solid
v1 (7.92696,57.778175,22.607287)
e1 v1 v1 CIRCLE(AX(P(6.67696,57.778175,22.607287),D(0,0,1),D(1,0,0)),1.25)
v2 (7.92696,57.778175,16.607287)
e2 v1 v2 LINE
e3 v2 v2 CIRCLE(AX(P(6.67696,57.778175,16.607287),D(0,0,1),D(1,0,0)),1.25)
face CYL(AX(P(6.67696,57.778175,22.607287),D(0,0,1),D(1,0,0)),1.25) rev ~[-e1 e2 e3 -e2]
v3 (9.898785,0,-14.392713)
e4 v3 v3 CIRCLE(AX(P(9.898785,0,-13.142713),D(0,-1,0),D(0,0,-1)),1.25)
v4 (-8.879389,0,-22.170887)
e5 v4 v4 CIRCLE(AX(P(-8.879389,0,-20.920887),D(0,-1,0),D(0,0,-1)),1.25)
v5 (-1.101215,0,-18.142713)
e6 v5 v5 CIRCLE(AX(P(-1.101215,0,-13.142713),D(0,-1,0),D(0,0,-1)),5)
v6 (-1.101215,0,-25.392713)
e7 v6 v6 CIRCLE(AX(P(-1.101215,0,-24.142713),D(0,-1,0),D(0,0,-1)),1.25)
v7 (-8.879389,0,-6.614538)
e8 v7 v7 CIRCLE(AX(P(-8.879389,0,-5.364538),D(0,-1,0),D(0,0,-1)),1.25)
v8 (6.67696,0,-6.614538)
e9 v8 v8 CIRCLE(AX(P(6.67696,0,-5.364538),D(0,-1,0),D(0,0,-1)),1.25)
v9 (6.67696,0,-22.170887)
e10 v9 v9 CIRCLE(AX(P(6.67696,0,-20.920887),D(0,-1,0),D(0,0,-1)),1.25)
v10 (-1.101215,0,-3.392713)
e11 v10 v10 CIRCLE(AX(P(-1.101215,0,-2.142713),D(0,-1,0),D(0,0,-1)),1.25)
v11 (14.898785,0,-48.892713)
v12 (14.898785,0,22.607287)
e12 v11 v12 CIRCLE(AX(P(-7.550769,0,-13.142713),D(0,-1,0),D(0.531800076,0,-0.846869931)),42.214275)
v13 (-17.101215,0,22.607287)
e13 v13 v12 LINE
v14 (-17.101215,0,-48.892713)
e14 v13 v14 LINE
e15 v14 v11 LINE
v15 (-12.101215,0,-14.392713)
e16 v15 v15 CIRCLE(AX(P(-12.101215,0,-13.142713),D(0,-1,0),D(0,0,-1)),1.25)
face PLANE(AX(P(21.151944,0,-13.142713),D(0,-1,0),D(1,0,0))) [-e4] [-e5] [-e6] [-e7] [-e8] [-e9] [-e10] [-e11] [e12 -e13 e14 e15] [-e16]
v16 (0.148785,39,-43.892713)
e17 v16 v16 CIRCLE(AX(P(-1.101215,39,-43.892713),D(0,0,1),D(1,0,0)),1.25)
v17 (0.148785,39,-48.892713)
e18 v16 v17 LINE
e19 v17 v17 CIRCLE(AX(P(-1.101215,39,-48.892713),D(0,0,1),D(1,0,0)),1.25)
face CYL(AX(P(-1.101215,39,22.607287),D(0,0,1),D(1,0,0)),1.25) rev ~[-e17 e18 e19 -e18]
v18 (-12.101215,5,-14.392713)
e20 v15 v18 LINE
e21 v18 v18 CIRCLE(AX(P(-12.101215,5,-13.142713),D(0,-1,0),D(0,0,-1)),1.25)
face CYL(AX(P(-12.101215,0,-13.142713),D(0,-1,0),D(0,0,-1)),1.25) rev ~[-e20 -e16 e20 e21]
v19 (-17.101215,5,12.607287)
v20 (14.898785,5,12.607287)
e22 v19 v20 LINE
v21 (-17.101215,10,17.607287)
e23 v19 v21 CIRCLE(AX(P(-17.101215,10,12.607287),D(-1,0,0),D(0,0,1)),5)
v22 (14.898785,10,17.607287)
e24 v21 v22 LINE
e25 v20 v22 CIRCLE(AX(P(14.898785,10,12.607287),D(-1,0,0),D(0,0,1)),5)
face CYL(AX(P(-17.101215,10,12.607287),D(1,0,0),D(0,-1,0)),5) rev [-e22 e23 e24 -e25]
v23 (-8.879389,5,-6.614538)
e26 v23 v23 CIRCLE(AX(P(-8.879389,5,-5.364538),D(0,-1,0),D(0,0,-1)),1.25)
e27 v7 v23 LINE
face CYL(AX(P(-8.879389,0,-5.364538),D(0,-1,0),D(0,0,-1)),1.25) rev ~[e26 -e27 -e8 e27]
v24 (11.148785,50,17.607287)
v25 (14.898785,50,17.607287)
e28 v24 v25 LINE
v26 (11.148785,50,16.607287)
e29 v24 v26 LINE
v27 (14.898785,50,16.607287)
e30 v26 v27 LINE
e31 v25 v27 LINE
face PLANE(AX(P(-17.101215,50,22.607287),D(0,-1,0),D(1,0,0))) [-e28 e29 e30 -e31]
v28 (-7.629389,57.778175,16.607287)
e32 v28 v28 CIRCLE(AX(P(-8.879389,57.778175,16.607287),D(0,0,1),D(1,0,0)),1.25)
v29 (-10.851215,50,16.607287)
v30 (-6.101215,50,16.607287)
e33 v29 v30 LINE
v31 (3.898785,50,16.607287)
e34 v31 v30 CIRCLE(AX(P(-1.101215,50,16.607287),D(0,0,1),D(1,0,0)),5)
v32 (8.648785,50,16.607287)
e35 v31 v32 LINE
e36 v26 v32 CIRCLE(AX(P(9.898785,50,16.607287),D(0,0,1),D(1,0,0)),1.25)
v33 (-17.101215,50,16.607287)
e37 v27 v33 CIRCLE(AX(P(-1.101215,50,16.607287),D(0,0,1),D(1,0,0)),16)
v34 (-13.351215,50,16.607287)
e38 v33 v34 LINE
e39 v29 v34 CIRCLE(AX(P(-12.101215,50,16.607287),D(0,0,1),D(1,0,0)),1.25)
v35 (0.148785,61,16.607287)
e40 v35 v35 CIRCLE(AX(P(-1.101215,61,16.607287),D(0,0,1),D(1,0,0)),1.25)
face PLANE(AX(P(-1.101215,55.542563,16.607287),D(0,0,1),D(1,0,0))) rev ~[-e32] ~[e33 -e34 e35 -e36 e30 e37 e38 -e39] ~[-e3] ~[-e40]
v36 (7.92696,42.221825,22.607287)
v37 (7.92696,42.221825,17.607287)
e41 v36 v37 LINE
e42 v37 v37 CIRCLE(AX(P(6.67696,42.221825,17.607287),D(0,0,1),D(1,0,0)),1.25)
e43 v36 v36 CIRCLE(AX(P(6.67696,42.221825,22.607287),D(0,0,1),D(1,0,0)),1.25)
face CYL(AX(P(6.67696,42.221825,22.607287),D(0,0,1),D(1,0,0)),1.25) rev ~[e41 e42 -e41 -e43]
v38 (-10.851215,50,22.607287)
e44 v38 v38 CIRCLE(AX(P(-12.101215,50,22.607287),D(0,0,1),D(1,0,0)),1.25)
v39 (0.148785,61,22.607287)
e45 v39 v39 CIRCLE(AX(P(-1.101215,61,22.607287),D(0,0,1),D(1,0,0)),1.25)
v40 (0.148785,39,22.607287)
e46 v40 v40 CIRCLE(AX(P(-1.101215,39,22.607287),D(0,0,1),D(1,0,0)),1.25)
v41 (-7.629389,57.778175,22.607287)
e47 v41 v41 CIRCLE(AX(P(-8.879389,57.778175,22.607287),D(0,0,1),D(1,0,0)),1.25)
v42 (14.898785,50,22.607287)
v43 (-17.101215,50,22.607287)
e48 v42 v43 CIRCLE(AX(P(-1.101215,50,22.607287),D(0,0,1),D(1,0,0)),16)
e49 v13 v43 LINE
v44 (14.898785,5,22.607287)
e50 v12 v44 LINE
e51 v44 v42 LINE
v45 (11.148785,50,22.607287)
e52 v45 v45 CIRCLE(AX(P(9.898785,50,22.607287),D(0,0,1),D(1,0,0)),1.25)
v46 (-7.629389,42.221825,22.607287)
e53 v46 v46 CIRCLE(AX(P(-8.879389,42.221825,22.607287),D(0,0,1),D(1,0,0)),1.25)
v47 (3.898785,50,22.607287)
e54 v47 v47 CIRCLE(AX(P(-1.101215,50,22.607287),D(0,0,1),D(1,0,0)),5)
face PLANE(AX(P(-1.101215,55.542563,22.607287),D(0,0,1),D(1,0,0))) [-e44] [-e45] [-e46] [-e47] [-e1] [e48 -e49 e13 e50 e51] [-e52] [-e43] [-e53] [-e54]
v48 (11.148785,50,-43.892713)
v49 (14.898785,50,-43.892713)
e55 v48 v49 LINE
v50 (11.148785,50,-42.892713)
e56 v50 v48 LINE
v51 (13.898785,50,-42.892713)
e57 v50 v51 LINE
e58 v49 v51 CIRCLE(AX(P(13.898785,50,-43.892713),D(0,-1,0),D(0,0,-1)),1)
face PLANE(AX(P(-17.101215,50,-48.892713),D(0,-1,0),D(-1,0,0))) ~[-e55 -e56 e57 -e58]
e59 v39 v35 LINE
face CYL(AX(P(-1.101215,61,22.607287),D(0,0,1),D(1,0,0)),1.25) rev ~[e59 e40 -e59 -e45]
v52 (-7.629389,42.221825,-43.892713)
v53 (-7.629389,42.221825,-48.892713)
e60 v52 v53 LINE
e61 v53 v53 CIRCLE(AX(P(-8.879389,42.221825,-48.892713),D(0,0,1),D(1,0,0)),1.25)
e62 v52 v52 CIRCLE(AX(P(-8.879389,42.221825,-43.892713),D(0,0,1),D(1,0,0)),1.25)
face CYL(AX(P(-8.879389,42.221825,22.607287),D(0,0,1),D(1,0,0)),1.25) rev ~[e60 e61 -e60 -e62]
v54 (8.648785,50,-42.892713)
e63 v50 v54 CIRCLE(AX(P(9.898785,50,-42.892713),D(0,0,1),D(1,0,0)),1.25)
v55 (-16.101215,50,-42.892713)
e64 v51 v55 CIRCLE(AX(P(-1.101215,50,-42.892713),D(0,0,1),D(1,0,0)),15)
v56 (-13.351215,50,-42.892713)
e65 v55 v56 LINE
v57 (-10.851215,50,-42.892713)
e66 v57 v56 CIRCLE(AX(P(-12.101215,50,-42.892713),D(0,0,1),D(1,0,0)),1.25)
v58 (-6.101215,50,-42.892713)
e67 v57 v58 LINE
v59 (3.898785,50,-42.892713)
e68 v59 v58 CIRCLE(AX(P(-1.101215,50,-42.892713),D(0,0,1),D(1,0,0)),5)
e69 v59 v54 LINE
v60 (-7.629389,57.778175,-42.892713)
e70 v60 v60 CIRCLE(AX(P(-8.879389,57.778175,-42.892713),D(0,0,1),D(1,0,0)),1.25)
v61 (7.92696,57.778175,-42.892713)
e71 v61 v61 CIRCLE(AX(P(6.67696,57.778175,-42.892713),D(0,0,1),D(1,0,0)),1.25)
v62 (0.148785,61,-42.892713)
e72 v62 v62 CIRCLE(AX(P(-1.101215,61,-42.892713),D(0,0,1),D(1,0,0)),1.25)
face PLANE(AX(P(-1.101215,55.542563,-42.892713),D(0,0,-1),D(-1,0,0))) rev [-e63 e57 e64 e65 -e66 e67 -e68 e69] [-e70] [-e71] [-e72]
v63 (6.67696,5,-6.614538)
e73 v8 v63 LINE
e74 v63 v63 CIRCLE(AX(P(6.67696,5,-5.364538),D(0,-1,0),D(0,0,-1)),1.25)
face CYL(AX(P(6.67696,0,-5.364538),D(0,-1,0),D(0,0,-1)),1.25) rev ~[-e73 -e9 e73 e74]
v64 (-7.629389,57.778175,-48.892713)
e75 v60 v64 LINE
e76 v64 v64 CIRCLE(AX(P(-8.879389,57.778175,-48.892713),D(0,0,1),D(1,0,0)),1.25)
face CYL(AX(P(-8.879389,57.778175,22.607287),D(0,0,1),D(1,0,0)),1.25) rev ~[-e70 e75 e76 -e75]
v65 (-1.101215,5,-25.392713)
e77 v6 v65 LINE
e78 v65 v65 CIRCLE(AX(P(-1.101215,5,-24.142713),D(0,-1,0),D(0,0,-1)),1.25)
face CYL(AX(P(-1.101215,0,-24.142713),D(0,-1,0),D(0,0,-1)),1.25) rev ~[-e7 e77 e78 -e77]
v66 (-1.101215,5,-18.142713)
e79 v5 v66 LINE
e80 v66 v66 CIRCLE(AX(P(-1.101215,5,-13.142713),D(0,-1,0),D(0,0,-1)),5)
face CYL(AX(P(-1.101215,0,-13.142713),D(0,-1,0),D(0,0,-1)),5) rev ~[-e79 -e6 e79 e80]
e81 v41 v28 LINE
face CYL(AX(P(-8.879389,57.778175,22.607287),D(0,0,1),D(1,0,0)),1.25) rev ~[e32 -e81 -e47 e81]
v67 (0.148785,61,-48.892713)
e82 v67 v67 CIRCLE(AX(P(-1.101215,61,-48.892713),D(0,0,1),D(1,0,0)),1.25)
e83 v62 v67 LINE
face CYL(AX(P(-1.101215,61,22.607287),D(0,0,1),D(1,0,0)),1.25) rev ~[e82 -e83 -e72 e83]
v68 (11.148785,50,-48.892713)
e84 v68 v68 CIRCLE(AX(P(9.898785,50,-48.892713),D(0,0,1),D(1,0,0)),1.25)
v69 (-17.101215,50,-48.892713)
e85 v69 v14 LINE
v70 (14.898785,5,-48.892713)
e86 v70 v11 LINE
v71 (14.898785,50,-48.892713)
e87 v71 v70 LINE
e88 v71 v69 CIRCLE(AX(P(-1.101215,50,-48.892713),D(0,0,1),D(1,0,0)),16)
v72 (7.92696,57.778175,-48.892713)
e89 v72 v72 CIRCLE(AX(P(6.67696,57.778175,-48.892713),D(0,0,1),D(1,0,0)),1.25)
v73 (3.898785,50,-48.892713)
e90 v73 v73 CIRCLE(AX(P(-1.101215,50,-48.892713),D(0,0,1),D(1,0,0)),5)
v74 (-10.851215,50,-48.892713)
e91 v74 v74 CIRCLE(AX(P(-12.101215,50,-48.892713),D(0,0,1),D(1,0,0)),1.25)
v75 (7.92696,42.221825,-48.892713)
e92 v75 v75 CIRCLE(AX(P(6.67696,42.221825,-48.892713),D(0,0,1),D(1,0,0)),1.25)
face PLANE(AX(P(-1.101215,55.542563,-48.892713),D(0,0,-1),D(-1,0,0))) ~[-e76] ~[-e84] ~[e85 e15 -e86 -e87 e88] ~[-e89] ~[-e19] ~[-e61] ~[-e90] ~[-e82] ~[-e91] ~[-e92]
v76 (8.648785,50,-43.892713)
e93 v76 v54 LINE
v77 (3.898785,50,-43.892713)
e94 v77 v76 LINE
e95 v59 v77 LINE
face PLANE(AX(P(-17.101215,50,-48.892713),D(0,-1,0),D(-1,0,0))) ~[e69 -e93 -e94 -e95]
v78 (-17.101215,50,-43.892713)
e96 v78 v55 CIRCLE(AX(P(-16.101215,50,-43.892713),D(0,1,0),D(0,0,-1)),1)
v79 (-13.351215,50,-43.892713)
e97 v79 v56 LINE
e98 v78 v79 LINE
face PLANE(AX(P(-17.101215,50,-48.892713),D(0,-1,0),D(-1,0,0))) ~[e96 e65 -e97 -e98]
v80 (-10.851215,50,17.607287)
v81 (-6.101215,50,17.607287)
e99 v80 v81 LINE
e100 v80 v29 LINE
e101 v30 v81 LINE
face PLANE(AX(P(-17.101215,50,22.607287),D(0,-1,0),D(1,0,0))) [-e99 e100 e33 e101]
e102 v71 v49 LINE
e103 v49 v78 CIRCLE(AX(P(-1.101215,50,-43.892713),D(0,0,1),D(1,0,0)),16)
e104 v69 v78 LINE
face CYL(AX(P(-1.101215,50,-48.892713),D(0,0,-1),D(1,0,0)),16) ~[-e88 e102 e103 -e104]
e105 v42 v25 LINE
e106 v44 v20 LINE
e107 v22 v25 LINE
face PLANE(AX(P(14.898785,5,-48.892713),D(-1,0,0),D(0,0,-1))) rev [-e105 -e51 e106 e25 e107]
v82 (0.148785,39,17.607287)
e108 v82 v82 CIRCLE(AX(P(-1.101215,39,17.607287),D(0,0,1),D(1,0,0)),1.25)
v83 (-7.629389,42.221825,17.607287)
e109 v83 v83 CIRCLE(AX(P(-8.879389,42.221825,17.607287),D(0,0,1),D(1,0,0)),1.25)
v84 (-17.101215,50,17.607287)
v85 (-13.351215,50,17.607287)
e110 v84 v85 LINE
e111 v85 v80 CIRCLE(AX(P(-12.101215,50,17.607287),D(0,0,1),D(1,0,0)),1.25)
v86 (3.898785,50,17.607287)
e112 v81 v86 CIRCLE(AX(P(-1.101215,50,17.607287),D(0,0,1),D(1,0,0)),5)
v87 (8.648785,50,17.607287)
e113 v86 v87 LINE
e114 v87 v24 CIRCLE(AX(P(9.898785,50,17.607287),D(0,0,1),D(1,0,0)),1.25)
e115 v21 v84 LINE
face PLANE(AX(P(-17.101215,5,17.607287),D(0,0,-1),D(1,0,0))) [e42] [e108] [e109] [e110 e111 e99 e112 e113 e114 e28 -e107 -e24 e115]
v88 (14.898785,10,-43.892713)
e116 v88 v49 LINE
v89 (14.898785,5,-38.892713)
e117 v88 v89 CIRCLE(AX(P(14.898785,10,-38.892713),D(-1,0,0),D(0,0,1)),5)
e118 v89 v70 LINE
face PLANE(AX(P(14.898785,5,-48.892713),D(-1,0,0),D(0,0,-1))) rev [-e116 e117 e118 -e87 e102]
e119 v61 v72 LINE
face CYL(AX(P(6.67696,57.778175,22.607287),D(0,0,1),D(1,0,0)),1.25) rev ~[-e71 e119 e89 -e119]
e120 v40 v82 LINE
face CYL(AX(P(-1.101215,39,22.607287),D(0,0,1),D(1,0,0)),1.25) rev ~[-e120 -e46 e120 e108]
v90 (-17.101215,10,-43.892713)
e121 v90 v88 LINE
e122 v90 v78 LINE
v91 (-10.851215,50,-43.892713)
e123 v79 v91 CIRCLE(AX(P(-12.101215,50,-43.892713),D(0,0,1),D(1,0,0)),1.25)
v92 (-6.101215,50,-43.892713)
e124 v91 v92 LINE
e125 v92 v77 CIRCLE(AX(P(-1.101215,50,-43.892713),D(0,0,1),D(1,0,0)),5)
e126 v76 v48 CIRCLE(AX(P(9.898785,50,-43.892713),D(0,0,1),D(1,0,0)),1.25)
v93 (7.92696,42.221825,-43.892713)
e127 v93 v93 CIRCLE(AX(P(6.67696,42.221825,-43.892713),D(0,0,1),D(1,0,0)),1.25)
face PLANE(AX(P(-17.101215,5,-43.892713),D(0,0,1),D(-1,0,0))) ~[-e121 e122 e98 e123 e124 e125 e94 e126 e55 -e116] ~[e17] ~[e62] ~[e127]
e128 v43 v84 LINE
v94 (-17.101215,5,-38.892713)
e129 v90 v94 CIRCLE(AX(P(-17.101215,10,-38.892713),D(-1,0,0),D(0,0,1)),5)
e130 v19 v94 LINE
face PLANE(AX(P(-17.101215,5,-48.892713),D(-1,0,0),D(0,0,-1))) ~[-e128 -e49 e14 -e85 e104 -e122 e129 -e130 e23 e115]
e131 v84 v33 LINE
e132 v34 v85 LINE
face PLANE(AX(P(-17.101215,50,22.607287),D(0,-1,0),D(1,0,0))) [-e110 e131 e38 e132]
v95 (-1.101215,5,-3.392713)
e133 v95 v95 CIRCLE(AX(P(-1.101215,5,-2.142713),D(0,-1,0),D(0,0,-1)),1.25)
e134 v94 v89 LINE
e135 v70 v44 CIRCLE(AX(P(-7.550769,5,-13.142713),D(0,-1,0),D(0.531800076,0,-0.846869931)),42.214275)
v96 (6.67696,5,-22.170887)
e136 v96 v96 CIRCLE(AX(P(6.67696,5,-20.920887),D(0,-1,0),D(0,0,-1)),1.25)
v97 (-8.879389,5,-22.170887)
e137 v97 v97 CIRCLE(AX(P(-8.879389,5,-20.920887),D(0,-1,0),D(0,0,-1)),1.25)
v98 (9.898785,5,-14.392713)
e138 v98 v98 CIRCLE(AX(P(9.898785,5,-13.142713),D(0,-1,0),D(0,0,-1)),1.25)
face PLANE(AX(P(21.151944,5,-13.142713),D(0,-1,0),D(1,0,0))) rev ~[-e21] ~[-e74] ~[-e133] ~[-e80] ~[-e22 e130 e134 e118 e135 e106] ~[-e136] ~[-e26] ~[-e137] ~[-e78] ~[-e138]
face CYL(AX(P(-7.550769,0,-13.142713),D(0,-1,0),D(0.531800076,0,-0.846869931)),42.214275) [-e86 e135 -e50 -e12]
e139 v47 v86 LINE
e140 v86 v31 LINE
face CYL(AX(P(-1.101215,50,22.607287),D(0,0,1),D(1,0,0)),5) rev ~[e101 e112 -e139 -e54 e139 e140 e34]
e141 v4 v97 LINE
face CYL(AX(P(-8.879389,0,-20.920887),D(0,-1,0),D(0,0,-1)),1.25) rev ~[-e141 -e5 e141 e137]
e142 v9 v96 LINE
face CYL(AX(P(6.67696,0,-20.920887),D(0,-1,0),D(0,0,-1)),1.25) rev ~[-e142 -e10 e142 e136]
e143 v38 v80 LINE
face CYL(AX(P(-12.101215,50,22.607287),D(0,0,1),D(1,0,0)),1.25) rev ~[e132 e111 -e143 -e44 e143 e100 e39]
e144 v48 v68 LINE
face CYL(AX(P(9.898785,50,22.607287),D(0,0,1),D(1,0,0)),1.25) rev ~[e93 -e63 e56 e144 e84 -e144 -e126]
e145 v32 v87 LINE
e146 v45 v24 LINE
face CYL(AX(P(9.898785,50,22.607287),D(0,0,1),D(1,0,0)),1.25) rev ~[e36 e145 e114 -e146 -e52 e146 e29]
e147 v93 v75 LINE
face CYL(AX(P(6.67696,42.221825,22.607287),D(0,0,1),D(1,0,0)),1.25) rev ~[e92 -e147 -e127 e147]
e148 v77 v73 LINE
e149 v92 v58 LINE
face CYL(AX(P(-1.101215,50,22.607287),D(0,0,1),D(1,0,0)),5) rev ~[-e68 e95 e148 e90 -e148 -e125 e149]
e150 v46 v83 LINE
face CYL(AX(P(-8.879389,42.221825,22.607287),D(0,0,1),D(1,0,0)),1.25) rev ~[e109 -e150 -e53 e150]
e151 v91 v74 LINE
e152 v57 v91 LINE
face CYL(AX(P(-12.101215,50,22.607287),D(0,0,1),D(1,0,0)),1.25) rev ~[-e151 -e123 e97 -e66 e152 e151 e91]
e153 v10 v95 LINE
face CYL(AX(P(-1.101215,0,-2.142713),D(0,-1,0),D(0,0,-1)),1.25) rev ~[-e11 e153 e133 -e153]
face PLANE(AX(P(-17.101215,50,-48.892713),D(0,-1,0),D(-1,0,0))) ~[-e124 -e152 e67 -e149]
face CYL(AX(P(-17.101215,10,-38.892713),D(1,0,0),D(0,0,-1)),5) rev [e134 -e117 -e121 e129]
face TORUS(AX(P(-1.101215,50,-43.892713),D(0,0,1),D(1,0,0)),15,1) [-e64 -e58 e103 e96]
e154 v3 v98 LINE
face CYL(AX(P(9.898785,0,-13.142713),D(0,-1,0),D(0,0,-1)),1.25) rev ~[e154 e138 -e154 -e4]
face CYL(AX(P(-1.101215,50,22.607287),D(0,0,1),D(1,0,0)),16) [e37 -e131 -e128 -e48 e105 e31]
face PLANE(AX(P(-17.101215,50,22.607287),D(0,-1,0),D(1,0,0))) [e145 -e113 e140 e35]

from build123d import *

# Parameters (mm, degrees)
SKETCH1_W           = 32
SKETCH1_H           = 71.5
BOSS_EXTRUDE1_DEPTH = 5
SKETCH2_W           = 32
SKETCH2_H           = 5
BOSS_EXTRUDE2_DEPTH = 45
BOSS_EXTRUDE3_DEPTH = 6
SKETCH4_R           = 5
SKETCH4_R_2         = 1.25
CUT_EXTRUDE1_DEPTH  = 99.796262783
SKETCH5_R           = 5
SKETCH5_R_2         = 1.25
CUT_EXTRUDE2_DEPTH  = 84.89844385
FILLET1_R           = 5
BOSS_EXTRUDE4_DEPTH = 5
FILLET2_R           = 1


with BuildPart() as part:
    # Sketch1 → Boss-Extrude1 (new body)
    with BuildSketch(Plane(origin=(0, 0, 0), x_dir=(1, 0, 0), z_dir=(0, 1, 0))):
        with Locations((-1.101214575, 13.142712551)):
            Rectangle(SKETCH1_W, SKETCH1_H)
    extrude(amount=BOSS_EXTRUDE1_DEPTH)

    # Sketch2 → Boss-Extrude2 (add)
    with BuildSketch(Plane(origin=(0, 5, 0), x_dir=(1, 0, 0), z_dir=(0, 1, 0))):
        with Locations((-1.101214575, -20.107287449)):
            Rectangle(SKETCH2_W, SKETCH2_H)
    boss_extrude2 = extrude(amount=BOSS_EXTRUDE2_DEPTH)

    # Mirror1: Boss-Extrude2 across plane
    add(boss_extrude2.mirror(Plane(origin=(0, 0, -13.142712551), x_dir=(1, 0, 0), z_dir=(0, 0, -1))))

    # Sketch3 → Boss-Extrude3 (add)
    with BuildSketch(Plane.XY.offset(22.607287449)):
        with BuildLine():
            Line((-17.101214575, 50), (14.898785425, 50))
            ThreePointArc((14.898785425, 50), (-1.101214575, 66), (-17.101214575, 50))
        make_face()
    boss_extrude3 = extrude(amount=-BOSS_EXTRUDE3_DEPTH)

    # Mirror3: Boss-Extrude3 across plane
    add(boss_extrude3.mirror(Plane(origin=(0, 0, -13.142712551), x_dir=(1, 0, 0), z_dir=(0, 0, -1))))

    # Sketch4 → Cut-Extrude1 (cut, through all)
    with BuildSketch(Plane.XY.offset(22.607287449)):
        with Locations((-1.101214575, 50)):
            Circle(SKETCH4_R)
        with Locations((-1.101214575, 61)):
            Circle(SKETCH4_R_2)
        with Locations((6.676960018, 57.778174593)):
            Circle(SKETCH4_R_2)
        with Locations((9.898785425, 50)):
            Circle(SKETCH4_R_2)
        with Locations((6.676960018, 42.221825407)):
            Circle(SKETCH4_R_2)
        with Locations((-1.101214575, 39)):
            Circle(SKETCH4_R_2)
        with Locations((-8.879389168, 42.221825407)):
            Circle(SKETCH4_R_2)
        with Locations((-12.101214575, 50)):
            Circle(SKETCH4_R_2)
        with Locations((-8.879389168, 57.778174593)):
            Circle(SKETCH4_R_2)
    extrude(amount=-CUT_EXTRUDE1_DEPTH, mode=Mode.SUBTRACT)

    # Sketch5 → Cut-Extrude2 (cut, through all)
    with BuildSketch(Plane(origin=(0, 0, 0), x_dir=(-1, 0, 0), z_dir=(0, -1, 0))):
        with Locations(Location((1.101214575, 13.142712551, 0), (0, 0, 90))):
            Circle(SKETCH5_R)
        with Locations(Location((1.101214575, 24.142712551, 0), (0, 0, 90))):
            Circle(SKETCH5_R_2)
        with Locations(Location((8.879389168, 20.920887144, 0), (0, 0, 90))):
            Circle(SKETCH5_R_2)
        with Locations(Location((12.101214575, 13.142712551, 0), (0, 0, 90))):
            Circle(SKETCH5_R_2)
        with Locations(Location((8.879389168, 5.364537958, 0), (0, 0, 90))):
            Circle(SKETCH5_R_2)
        with Locations(Location((1.101214575, 2.142712551, 0), (0, 0, 90))):
            Circle(SKETCH5_R_2)
        with Locations(Location((-6.676960018, 5.364537958, 0), (0, 0, 90))):
            Circle(SKETCH5_R_2)
        with Locations(Location((-9.898785425, 13.142712551, 0), (0, 0, 90))):
            Circle(SKETCH5_R_2)
        with Locations(Location((-6.676960018, 20.920887144, 0), (0, 0, 90))):
            Circle(SKETCH5_R_2)
    extrude(amount=-CUT_EXTRUDE2_DEPTH, mode=Mode.SUBTRACT)

    # Fillet1
    fillet1_edges = [part.edges().sort_by_distance(p)[0] for p in [
        (-1.101214575, 5, 17.607287449),
        (-1.101214575, 5, -43.892712551),
    ]]
    fillet(fillet1_edges, radius=FILLET1_R)

    # Sketch6 → Boss-Extrude4 (add)
    with BuildSketch(Plane.XZ):
        with BuildLine():
            Line((14.898785425, 22.607287449), (14.898785425, -48.892712551))
            ThreePointArc((14.898785425, -48.892712551), (34.663505701, -13.142712551), (14.898785425, 22.607287449))
        make_face()
    extrude(amount=-BOSS_EXTRUDE4_DEPTH)

    # Fillet2
    fillet2_edges = [part.edges().sort_by_distance(p)[0] for p in [
        (-1.101214575, 66, -42.892712551),
    ]]
    fillet(fillet2_edges, radius=FILLET2_R)


solid = part.part
